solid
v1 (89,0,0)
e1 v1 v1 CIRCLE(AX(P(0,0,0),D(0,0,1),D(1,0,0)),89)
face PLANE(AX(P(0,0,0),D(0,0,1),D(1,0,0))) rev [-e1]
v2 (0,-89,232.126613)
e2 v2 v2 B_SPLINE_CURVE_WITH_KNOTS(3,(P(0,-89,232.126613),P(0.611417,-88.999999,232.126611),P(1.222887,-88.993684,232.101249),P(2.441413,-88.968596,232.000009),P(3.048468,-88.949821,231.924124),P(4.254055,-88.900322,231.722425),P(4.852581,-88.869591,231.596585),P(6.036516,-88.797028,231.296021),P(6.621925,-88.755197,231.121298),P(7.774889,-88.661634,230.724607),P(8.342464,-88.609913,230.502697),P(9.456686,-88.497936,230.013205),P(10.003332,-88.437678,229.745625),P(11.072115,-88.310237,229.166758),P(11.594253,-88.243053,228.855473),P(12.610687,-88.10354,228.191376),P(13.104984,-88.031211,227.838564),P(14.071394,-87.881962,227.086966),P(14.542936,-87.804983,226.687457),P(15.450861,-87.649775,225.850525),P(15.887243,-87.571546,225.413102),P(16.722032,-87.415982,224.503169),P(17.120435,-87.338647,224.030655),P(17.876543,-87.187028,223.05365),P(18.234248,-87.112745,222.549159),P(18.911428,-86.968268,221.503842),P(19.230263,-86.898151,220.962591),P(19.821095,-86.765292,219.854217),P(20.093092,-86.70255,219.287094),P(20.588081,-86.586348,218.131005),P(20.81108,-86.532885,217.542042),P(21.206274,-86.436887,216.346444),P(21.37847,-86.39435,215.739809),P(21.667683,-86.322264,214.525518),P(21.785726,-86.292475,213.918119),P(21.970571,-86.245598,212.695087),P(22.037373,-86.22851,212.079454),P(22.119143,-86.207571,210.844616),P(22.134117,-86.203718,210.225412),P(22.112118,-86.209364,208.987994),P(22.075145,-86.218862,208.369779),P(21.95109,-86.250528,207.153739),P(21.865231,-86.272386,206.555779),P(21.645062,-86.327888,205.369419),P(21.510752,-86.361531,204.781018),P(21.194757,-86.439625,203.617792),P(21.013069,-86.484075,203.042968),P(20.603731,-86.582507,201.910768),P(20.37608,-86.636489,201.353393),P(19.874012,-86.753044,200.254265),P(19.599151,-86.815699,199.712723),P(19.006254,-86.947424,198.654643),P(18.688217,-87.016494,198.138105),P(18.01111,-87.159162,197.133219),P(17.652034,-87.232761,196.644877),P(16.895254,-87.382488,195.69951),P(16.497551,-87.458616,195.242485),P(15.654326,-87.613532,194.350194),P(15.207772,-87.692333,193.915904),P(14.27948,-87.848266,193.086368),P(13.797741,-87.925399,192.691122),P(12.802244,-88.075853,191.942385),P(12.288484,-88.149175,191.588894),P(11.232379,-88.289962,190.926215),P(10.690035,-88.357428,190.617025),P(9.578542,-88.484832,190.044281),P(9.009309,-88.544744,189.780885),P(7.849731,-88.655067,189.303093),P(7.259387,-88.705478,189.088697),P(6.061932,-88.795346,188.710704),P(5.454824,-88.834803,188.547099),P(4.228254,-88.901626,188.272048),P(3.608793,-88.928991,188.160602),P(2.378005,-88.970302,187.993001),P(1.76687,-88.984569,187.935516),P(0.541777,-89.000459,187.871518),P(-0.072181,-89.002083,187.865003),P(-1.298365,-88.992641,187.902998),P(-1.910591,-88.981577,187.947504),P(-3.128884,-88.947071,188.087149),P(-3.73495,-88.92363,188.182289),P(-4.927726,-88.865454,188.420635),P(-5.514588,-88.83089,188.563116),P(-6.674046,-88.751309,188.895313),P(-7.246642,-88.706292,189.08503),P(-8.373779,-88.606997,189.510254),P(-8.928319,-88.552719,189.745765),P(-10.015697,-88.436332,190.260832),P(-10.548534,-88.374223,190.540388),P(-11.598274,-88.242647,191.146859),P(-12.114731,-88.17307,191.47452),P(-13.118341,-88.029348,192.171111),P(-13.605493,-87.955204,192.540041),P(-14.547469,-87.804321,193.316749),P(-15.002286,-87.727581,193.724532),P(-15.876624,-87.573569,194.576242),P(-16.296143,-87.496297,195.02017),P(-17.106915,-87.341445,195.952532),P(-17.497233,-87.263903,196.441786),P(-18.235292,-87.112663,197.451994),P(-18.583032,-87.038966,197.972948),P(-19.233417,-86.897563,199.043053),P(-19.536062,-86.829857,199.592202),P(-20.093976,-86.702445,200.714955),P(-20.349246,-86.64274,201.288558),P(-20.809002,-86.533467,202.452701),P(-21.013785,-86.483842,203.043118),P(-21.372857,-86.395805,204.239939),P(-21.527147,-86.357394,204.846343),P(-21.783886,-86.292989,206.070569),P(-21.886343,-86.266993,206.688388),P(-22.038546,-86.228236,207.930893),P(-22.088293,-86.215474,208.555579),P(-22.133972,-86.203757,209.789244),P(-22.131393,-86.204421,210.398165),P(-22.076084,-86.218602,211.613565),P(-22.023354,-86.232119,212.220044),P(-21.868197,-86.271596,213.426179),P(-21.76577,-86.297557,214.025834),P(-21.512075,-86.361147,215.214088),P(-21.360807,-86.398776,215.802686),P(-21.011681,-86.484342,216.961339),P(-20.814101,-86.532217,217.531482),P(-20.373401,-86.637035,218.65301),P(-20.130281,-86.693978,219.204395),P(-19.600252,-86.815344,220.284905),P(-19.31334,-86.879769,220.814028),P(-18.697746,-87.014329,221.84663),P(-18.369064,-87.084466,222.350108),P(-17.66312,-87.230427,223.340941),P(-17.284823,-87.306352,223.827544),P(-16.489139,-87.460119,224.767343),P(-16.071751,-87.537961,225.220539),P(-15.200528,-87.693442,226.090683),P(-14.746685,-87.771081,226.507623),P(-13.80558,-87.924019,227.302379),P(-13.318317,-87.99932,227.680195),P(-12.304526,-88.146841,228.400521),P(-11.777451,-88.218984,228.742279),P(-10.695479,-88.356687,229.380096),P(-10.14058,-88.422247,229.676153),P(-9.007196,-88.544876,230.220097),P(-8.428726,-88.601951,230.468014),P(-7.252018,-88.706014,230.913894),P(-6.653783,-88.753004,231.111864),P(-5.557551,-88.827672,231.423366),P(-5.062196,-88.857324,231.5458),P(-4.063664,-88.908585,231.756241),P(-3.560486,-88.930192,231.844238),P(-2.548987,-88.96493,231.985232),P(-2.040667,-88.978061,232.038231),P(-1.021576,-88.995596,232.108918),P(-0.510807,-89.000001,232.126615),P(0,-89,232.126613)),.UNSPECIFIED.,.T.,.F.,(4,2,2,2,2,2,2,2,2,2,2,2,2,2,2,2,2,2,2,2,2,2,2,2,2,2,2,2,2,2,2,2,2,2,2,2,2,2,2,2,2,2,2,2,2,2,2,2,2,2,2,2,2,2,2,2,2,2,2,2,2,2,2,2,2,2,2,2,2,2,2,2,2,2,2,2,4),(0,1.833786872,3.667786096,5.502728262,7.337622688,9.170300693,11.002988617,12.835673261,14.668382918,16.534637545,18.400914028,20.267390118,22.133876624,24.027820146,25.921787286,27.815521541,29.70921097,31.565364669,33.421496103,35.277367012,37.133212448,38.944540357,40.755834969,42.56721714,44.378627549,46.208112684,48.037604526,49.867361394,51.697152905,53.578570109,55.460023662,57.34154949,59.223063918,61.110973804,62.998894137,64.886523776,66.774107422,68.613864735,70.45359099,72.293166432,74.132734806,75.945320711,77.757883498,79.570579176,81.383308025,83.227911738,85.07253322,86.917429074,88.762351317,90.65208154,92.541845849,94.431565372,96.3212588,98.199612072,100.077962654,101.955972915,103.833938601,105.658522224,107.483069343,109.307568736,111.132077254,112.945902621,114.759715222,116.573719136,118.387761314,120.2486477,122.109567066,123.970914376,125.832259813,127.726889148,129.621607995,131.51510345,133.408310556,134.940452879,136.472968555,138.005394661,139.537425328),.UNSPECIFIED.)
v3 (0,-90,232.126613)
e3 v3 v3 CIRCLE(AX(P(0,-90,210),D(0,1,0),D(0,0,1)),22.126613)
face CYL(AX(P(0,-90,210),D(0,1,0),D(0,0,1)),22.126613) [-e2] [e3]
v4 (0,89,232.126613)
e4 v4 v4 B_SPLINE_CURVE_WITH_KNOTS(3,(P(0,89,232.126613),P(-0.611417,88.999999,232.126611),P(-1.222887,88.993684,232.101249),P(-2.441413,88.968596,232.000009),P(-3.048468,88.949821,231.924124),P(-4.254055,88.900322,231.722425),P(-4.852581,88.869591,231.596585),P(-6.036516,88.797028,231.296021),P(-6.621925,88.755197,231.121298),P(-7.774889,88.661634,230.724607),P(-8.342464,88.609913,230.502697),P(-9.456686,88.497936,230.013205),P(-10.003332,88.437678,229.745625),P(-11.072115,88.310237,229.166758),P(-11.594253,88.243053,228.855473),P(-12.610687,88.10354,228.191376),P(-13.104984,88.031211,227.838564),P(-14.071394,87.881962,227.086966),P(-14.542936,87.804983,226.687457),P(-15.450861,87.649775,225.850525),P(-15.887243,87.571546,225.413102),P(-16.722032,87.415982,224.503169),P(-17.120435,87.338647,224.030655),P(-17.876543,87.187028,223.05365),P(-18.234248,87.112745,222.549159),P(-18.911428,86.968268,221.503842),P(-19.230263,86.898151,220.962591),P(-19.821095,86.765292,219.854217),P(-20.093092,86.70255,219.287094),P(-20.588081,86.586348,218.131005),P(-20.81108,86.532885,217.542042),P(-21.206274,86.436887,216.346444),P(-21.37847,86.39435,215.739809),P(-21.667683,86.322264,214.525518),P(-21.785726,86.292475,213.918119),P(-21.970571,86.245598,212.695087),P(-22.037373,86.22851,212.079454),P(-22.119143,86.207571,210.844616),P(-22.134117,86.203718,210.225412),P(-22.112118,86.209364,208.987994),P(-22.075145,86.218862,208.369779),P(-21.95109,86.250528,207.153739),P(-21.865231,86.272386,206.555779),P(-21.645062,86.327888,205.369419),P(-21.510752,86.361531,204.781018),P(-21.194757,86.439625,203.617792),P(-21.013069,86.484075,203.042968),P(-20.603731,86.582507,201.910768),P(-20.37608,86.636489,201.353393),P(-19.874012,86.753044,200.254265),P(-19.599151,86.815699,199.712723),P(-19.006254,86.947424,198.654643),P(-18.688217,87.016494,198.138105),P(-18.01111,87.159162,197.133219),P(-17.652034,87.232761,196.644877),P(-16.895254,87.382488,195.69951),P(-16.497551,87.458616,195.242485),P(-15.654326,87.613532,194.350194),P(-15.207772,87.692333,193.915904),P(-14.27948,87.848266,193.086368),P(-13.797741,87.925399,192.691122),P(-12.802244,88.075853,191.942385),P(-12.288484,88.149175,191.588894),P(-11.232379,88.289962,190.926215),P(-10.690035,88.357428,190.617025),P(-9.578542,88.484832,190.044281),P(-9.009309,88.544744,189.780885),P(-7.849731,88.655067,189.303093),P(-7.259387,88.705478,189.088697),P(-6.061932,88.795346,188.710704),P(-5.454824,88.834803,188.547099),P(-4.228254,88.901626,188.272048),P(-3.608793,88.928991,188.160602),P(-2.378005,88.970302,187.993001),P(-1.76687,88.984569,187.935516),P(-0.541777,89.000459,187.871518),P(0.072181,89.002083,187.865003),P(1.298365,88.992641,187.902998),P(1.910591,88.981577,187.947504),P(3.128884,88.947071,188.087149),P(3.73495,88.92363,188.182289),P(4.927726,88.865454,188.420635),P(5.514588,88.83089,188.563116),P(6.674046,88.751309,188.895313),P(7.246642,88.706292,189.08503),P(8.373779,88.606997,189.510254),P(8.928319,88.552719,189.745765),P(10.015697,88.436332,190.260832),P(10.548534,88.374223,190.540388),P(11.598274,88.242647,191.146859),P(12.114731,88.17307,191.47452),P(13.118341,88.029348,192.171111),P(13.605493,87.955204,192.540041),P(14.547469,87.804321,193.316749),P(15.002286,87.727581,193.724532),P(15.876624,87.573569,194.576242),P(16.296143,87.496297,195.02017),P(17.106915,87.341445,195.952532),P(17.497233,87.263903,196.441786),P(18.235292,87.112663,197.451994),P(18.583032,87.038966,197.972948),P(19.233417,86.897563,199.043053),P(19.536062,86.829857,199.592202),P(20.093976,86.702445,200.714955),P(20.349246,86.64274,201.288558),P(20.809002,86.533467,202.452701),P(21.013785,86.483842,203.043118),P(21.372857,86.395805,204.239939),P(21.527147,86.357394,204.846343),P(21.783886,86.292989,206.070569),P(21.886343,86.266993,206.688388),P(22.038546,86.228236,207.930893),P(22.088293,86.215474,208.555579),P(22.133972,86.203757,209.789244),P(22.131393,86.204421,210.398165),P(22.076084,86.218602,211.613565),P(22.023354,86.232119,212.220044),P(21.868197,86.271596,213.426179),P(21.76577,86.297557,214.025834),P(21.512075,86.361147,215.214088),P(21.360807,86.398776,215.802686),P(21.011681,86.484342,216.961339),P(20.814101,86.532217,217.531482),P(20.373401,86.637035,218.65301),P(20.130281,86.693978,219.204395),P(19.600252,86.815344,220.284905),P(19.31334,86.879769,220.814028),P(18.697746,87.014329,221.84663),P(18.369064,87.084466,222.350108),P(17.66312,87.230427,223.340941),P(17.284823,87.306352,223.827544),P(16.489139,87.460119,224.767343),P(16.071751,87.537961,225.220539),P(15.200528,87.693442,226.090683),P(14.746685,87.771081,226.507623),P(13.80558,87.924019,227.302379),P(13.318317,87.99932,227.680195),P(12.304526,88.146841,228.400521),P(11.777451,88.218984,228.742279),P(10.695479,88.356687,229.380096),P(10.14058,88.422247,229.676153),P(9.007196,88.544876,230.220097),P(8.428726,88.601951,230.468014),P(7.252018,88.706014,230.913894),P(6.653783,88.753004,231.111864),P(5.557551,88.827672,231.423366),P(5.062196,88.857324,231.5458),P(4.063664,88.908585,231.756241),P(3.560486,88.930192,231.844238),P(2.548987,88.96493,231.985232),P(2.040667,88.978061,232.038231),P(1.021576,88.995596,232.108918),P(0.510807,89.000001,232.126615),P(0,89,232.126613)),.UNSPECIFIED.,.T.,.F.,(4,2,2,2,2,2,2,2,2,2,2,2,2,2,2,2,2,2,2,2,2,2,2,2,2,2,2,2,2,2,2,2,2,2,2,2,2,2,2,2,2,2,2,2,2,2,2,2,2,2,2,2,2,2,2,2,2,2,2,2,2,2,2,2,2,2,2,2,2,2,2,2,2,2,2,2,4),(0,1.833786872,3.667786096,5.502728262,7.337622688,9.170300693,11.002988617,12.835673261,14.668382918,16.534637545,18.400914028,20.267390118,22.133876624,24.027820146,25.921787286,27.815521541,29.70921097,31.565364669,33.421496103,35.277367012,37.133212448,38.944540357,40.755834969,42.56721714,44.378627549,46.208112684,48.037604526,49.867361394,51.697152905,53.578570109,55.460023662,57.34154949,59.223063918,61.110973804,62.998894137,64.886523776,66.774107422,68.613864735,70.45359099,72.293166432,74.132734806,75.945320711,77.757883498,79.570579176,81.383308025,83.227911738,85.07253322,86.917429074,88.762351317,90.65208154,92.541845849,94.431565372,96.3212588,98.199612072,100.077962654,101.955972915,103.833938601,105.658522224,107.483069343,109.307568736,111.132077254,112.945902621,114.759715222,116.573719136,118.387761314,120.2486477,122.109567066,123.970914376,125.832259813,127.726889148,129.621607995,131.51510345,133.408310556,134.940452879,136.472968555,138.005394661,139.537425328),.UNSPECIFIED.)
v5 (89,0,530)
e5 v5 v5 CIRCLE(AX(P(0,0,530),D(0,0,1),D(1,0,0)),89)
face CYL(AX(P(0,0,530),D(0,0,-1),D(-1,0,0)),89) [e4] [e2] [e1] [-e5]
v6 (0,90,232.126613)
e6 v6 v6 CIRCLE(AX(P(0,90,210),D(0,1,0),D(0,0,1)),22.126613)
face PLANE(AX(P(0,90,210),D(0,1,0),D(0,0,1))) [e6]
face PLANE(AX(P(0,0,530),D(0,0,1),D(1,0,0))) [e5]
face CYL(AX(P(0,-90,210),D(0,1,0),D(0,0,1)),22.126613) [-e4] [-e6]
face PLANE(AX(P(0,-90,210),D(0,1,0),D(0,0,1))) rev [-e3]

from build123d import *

# Parameters (mm, degrees)
SKIZZE1_R                            = 89
AUFSATZ_LINEAR_AUSTRAGEN1_DEPTH      = 530
AUFSATZ_LINEAR_AUSTRAGEN2_DEPTH      = 90
AUFSATZ_LINEAR_AUSTRAGEN2_DEPTH_BACK = 90
SKIZZE2_R                            = 22.126613263


with BuildPart() as part:
    # Skizze1 → Aufsatz-Linear austragen1 (new body)
    with BuildSketch(Plane.XY):
        Circle(SKIZZE1_R)
    extrude(amount=AUFSATZ_LINEAR_AUSTRAGEN1_DEPTH)

    # Skizze2 → Aufsatz-Linear austragen2 (add, two sides: drawn at the far end of the back side and taken through both)
    with BuildSketch(Plane(origin=(0, 0, 0), x_dir=(1, 0, 0), z_dir=(0, 1, 0)).offset(-AUFSATZ_LINEAR_AUSTRAGEN2_DEPTH_BACK)):
        with Locations((0, -210)):
            Circle(SKIZZE2_R)
    extrude(amount=AUFSATZ_LINEAR_AUSTRAGEN2_DEPTH + AUFSATZ_LINEAR_AUSTRAGEN2_DEPTH_BACK)


solid = part.part
